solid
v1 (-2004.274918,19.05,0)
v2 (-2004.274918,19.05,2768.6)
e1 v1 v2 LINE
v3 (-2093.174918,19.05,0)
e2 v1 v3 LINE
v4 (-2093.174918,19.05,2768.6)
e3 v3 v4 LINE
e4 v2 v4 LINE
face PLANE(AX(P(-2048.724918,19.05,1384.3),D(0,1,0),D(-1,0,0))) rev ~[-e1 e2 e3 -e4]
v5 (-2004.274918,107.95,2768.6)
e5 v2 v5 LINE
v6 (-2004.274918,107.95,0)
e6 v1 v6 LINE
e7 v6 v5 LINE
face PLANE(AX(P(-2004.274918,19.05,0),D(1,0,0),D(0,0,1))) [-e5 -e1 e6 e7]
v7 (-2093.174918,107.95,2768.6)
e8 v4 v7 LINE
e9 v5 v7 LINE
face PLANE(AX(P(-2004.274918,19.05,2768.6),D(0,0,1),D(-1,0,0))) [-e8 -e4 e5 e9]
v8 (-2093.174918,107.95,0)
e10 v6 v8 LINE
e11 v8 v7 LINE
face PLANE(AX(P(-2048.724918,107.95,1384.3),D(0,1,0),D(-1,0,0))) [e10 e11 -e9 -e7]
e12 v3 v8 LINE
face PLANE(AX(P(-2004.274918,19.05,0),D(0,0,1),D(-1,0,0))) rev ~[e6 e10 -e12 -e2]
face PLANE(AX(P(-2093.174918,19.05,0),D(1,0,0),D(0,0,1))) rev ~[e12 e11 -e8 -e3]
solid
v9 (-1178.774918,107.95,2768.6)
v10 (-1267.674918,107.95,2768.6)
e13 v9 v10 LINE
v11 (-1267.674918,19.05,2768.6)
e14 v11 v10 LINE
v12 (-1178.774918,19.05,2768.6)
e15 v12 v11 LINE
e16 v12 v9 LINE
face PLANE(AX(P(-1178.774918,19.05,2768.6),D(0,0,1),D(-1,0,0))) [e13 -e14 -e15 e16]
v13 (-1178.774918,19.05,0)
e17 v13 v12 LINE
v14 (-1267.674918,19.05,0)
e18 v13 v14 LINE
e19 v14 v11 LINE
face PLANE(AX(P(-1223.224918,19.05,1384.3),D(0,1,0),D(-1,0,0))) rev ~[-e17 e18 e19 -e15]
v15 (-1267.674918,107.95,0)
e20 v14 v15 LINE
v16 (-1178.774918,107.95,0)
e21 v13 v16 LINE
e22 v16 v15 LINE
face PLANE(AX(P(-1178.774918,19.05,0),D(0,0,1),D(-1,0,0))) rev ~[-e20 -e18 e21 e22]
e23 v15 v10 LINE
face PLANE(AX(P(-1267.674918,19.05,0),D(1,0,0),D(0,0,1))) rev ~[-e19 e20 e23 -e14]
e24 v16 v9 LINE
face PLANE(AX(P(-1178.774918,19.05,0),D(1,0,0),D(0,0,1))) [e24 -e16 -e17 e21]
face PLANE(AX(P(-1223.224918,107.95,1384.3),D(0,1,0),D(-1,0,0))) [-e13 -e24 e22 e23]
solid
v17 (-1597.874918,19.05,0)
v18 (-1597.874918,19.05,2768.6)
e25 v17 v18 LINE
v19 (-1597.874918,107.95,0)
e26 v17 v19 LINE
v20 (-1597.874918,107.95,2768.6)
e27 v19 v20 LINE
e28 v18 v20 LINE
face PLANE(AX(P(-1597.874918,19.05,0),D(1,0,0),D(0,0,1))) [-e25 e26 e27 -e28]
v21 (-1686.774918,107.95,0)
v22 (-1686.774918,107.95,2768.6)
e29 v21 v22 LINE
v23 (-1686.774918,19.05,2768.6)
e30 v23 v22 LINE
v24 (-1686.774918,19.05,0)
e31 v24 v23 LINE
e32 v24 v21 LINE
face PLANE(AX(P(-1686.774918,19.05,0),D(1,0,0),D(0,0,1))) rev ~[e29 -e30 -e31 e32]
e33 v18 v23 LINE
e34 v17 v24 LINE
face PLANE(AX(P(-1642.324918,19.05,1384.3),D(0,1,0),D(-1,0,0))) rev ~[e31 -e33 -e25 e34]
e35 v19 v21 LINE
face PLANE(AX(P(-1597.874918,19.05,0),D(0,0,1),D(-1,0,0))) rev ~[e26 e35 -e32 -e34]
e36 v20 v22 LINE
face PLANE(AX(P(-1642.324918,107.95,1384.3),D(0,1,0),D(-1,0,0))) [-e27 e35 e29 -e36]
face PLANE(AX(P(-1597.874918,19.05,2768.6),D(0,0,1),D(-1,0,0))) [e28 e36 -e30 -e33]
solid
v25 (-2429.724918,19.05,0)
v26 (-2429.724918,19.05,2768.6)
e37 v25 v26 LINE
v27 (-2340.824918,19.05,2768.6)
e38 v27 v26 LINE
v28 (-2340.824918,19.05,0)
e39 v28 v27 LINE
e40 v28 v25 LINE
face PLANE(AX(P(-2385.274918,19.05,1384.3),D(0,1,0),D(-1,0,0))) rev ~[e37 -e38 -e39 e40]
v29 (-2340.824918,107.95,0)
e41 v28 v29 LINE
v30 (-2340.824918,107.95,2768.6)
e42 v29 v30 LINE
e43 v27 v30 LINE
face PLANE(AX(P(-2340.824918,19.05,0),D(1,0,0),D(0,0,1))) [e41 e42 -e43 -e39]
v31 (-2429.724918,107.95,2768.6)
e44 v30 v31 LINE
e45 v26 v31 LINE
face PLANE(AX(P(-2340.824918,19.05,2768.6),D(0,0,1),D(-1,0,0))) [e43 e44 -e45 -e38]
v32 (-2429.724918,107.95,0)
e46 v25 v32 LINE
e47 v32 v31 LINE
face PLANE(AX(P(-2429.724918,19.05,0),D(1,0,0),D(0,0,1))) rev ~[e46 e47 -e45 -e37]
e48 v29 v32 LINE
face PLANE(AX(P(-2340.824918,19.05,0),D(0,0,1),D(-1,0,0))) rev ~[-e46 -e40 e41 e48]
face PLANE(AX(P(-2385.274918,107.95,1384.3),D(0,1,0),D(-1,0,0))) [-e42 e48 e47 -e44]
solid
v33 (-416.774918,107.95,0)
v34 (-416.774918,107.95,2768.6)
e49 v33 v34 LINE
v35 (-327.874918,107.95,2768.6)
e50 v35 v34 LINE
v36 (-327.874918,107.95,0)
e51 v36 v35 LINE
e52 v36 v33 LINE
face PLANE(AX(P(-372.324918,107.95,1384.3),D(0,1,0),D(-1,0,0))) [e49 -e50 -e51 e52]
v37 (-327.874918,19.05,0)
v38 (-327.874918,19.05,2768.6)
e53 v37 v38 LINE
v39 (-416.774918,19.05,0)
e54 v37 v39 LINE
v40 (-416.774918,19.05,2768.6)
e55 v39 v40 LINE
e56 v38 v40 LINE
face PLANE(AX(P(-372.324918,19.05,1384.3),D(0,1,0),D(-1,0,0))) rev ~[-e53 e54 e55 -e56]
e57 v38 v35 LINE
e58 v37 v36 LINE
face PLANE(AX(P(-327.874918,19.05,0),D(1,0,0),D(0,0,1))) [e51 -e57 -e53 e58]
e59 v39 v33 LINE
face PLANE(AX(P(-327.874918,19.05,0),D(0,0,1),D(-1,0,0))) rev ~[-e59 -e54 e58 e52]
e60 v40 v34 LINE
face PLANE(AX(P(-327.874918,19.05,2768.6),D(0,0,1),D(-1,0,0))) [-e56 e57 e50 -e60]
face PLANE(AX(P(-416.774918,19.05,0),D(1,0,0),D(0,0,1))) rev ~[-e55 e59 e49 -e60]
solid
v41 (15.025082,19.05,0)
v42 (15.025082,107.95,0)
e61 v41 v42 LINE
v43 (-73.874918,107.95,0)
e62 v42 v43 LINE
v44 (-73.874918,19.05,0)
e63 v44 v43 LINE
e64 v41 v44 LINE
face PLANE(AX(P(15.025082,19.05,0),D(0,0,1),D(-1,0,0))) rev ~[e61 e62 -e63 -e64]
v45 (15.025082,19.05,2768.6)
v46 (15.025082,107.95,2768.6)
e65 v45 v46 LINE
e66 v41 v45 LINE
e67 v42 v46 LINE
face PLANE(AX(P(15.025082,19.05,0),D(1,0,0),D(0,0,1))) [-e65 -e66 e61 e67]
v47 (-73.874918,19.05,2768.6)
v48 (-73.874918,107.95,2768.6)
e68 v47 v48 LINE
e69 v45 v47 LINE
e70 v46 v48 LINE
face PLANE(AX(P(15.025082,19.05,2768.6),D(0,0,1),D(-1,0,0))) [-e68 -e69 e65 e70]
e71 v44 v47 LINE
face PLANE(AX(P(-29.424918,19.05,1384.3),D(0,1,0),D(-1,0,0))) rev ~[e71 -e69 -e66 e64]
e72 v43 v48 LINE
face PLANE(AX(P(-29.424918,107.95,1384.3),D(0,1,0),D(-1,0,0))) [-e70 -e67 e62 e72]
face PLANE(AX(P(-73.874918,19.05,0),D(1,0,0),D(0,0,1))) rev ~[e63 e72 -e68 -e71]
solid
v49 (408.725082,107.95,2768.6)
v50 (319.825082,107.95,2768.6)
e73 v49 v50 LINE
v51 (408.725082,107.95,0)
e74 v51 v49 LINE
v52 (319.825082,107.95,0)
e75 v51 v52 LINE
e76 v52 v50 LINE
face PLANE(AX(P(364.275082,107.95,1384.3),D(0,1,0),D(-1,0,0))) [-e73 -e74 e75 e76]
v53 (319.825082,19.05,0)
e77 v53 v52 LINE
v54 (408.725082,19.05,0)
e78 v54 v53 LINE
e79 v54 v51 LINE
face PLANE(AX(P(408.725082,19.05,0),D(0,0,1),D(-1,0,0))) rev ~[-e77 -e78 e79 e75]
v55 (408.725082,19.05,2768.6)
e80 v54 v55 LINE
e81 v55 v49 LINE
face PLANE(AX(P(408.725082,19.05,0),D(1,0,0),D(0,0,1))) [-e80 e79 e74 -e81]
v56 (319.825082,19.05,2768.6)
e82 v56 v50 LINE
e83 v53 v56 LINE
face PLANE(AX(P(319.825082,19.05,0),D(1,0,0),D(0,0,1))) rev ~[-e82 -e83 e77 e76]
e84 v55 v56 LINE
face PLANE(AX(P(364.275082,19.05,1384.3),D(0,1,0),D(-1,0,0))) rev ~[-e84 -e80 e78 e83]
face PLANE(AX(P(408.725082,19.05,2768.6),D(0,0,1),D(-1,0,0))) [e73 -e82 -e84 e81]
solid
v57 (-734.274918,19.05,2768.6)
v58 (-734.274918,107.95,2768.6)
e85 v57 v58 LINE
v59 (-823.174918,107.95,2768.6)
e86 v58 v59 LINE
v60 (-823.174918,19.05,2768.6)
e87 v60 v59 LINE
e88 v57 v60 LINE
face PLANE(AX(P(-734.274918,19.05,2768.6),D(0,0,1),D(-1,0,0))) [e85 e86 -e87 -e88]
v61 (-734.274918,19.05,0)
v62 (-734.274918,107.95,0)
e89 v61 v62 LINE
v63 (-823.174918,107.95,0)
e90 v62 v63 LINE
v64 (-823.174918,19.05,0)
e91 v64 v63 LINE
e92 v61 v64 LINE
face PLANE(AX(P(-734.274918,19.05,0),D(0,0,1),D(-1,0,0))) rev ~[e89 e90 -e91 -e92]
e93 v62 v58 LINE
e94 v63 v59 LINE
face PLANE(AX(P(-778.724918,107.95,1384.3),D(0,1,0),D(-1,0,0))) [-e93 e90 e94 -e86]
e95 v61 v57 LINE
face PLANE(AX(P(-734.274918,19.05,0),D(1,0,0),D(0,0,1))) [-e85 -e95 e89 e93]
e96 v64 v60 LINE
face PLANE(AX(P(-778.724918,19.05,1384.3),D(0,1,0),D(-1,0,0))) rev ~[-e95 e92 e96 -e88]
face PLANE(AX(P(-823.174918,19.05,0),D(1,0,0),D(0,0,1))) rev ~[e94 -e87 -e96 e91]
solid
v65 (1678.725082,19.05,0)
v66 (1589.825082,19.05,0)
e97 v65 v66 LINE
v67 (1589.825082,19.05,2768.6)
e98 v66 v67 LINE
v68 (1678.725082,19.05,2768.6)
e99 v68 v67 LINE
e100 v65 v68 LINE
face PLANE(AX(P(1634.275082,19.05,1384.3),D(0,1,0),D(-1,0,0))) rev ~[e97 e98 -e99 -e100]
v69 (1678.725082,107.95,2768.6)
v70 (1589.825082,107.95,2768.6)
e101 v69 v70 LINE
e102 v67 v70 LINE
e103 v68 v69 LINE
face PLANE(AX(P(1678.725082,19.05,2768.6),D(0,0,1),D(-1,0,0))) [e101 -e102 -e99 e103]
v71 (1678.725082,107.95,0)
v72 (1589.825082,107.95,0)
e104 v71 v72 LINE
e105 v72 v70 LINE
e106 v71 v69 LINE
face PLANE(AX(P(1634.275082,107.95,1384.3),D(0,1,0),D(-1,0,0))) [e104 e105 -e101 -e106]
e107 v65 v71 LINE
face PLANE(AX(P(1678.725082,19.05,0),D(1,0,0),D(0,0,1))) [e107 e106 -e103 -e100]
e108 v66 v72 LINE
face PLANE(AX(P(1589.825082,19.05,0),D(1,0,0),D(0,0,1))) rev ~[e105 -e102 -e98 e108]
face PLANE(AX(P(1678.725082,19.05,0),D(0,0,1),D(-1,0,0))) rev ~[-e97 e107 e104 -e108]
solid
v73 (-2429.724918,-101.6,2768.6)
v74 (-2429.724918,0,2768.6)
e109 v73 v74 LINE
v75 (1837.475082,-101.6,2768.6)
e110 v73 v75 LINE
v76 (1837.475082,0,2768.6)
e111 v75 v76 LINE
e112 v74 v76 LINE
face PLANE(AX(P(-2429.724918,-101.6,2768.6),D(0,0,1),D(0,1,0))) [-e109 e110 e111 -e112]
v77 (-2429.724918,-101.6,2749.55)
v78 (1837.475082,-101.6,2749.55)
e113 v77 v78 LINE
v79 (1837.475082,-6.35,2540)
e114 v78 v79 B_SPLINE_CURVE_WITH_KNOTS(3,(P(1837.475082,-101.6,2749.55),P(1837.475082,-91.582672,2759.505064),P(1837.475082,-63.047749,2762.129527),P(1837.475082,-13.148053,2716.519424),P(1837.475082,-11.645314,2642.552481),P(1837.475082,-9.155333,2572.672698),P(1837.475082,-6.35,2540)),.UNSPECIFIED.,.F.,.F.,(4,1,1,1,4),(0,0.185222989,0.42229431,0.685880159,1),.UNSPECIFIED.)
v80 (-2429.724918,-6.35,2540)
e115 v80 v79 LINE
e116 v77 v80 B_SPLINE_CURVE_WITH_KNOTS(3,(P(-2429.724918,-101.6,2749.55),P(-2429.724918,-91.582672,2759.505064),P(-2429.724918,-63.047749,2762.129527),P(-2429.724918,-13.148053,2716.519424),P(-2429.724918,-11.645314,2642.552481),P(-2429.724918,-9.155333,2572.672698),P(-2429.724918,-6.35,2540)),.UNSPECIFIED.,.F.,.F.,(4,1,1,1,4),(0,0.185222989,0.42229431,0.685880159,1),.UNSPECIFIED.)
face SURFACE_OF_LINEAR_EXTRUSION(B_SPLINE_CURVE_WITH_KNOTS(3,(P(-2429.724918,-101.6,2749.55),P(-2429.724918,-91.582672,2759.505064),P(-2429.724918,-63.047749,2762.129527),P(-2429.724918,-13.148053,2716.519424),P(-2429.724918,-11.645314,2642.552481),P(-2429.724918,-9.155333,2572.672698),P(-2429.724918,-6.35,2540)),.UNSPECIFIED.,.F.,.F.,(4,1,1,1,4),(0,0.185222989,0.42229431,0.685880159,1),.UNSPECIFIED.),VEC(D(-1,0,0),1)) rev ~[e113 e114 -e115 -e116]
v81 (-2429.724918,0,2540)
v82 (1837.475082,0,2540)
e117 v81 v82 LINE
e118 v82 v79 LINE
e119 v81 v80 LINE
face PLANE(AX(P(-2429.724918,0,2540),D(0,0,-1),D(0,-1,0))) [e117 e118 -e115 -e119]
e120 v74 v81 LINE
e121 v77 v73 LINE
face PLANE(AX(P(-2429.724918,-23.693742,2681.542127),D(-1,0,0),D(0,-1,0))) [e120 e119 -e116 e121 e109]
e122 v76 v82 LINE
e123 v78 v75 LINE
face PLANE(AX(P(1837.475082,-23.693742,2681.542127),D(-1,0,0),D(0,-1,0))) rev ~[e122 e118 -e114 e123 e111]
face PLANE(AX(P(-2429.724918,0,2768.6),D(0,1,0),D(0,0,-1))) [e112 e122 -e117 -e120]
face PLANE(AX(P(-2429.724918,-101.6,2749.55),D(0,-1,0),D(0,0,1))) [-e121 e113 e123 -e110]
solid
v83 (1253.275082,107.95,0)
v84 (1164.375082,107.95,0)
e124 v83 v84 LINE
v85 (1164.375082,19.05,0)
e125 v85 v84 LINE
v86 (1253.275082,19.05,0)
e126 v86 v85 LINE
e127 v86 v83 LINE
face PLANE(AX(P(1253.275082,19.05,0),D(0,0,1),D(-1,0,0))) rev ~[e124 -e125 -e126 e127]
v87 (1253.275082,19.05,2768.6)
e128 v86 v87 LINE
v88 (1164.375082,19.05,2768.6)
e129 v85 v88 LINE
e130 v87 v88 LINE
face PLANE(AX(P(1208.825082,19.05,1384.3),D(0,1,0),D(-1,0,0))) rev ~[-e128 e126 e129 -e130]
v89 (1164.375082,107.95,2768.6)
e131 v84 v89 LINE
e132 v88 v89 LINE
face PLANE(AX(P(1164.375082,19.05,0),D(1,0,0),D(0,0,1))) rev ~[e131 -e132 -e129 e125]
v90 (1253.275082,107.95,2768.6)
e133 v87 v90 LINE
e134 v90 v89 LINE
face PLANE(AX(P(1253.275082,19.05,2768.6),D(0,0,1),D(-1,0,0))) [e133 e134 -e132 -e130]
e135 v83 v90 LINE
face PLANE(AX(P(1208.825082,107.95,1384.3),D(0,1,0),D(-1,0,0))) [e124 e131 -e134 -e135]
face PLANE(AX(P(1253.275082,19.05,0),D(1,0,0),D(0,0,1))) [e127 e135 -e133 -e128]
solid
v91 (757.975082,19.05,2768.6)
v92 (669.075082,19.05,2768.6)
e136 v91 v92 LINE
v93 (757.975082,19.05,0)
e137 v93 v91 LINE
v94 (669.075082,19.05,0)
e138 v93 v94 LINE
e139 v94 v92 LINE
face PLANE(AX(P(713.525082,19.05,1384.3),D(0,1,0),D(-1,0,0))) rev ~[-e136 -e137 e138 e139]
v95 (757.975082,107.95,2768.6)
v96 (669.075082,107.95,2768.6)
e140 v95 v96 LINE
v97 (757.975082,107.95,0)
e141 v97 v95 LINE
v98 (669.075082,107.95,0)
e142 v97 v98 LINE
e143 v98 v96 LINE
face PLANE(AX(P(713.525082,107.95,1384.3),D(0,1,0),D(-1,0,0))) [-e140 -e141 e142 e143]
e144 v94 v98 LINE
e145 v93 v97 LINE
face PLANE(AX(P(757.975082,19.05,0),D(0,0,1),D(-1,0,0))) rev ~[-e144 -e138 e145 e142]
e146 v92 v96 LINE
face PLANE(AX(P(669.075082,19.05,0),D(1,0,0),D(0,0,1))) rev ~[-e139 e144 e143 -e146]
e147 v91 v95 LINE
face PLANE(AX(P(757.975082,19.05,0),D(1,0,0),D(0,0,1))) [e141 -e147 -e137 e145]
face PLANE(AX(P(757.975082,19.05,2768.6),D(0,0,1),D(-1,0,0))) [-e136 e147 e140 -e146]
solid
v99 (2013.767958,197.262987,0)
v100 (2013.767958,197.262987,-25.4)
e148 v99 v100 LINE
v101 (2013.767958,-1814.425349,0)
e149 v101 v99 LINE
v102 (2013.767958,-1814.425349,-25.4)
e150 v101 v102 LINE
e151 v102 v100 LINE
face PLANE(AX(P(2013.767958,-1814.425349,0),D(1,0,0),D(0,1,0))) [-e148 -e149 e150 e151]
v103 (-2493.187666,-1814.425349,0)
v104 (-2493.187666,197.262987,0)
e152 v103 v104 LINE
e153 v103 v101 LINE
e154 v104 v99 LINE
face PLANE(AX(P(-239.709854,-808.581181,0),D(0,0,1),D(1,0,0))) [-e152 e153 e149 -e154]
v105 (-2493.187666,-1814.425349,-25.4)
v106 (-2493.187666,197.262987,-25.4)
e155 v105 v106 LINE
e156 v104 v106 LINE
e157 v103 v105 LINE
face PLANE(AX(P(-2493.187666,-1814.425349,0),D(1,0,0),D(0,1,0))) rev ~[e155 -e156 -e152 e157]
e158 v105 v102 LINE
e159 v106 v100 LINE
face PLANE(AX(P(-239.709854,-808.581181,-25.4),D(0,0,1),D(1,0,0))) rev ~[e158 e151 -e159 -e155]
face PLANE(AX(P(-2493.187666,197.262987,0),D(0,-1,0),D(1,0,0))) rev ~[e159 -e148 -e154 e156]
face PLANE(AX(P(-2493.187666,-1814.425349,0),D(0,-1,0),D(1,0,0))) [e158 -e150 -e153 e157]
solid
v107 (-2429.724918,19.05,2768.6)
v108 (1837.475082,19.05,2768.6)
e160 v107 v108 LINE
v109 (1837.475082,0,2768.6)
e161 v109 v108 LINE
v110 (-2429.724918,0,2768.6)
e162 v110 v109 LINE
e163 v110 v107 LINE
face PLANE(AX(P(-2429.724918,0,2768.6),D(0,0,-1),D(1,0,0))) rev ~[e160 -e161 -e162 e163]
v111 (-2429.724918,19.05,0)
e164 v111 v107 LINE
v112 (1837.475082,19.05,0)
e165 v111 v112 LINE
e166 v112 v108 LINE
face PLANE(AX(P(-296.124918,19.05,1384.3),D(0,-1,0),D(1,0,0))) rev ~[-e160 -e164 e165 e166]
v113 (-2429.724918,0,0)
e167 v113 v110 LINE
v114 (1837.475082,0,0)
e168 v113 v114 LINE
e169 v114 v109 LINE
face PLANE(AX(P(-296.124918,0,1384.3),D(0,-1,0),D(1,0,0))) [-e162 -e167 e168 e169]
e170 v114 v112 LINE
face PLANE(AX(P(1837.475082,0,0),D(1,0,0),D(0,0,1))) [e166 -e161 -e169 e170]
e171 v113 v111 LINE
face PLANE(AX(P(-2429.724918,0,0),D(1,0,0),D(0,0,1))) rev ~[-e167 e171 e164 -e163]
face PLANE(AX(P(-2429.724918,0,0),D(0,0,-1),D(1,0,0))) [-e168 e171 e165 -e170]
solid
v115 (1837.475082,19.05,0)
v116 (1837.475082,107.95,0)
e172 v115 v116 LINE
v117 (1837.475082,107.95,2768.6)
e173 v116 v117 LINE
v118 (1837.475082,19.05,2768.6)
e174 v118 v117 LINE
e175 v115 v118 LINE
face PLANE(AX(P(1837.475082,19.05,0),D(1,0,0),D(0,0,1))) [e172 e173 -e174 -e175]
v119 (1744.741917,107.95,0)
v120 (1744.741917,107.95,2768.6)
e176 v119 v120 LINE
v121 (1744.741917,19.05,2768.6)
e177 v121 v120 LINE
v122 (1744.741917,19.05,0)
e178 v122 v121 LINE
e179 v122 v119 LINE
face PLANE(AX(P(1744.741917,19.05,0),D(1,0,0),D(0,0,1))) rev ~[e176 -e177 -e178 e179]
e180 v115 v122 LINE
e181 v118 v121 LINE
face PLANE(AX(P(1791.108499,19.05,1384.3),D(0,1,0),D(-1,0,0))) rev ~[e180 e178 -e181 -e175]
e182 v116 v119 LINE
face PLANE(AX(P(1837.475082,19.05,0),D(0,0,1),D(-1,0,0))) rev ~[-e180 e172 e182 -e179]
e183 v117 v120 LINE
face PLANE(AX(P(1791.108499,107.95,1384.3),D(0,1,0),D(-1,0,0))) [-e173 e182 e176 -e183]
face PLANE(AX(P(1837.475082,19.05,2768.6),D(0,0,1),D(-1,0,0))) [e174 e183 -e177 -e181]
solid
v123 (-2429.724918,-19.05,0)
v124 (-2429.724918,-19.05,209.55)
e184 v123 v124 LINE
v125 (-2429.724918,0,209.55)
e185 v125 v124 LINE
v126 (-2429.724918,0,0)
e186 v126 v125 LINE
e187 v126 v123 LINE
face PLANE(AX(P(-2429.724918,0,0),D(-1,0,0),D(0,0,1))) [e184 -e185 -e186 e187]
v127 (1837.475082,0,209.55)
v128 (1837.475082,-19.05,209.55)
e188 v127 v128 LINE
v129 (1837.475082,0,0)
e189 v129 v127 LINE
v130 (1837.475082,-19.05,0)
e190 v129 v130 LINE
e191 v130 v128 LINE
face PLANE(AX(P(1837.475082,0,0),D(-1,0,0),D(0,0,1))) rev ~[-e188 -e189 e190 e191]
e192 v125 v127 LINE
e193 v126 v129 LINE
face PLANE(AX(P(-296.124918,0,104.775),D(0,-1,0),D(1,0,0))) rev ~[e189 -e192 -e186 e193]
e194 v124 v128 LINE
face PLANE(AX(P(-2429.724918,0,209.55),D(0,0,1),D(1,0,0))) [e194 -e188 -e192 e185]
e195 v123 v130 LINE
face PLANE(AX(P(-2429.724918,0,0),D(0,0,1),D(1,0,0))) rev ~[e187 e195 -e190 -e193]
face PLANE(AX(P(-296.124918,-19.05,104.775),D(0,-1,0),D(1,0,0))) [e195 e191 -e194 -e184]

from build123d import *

# Parameters (mm, degrees)
F0_W     = 4267.2
F0_H     = 2768.6
F1_DEPTH = 19.05
F2_W     = 88.9
F2_H     = 2768.6
F3_DEPTH = 88.9
F2_W_2   = 92.7331652709
F4_W     = 4267.2
F4_H     = 209.55
F5_DEPTH = 19.05
F7_DEPTH = 4267.2
F8_W     = 4506.9556236267
F8_H     = 2011.68833673
F9_DEPTH = 25.4


with BuildPart() as f1:
    # F0 (on Front) → F1 (new body)
    with BuildSketch(Plane.XZ):
        with Locations((-296.1249180726, 1384.3)):
            Rectangle(F0_W, F0_H)
    extrude(amount=-F1_DEPTH)


with BuildPart() as f3:
    # F2 (on face) → F3 (new body)
    with BuildSketch(Plane(origin=(0, 19.05, 0), x_dir=(-1, 0, 0), z_dir=(0, 1, 0))):
        with Locations((2385.2749180726, 1384.3)):
            Rectangle(F2_W, F2_H)
    extrude(amount=F3_DEPTH)


with BuildPart() as f3b:
    # F2 (on face) → F3, piece 2 (new body)
    with BuildSketch(Plane(origin=(0, 19.05, 0), x_dir=(-1, 0, 0), z_dir=(0, 1, 0))):
        with Locations((-1791.108499292, 1384.3)):
            Rectangle(F2_W_2, F2_H)
    extrude(amount=F3_DEPTH)


with BuildPart() as f3c:
    # F2 (on face) → F3, piece 3 (new body)
    with BuildSketch(Plane(origin=(0, 19.05, 0), x_dir=(-1, 0, 0), z_dir=(0, 1, 0))):
        with Locations((2048.7249180726, 1384.3)):
            Rectangle(F2_W, F2_H)
    extrude(amount=F3_DEPTH)


with BuildPart() as f3d:
    # F2 (on face) → F3, piece 4 (new body)
    with BuildSketch(Plane(origin=(0, 19.05, 0), x_dir=(-1, 0, 0), z_dir=(0, 1, 0))):
        with Locations((1642.3249180726, 1384.3)):
            Rectangle(F2_W, F2_H)
    extrude(amount=F3_DEPTH)


with BuildPart() as f3e:
    # F2 (on face) → F3, piece 5 (new body)
    with BuildSketch(Plane(origin=(0, 19.05, 0), x_dir=(-1, 0, 0), z_dir=(0, 1, 0))):
        with Locations((1223.2249180726, 1384.3)):
            Rectangle(F2_W, F2_H)
    extrude(amount=F3_DEPTH)


with BuildPart() as f3f:
    # F2 (on face) → F3, piece 6 (new body)
    with BuildSketch(Plane(origin=(0, 19.05, 0), x_dir=(-1, 0, 0), z_dir=(0, 1, 0))):
        with Locations((778.7249180726, 1384.3)):
            Rectangle(F2_W, F2_H)
    extrude(amount=F3_DEPTH)


with BuildPart() as f3g:
    # F2 (on face) → F3, piece 7 (new body)
    with BuildSketch(Plane(origin=(0, 19.05, 0), x_dir=(-1, 0, 0), z_dir=(0, 1, 0))):
        with Locations((372.3249180726, 1384.3)):
            Rectangle(F2_W, F2_H)
    extrude(amount=F3_DEPTH)


with BuildPart() as f3h:
    # F2 (on face) → F3, piece 8 (new body)
    with BuildSketch(Plane(origin=(0, 19.05, 0), x_dir=(-1, 0, 0), z_dir=(0, 1, 0))):
        with Locations((29.4249180726, 1384.3)):
            Rectangle(F2_W, F2_H)
    extrude(amount=F3_DEPTH)


with BuildPart() as f3i:
    # F2 (on face) → F3, piece 9 (new body)
    with BuildSketch(Plane(origin=(0, 19.05, 0), x_dir=(-1, 0, 0), z_dir=(0, 1, 0))):
        with Locations((-364.2750819274, 1384.3)):
            Rectangle(F2_W, F2_H)
    extrude(amount=F3_DEPTH)


with BuildPart() as f3j:
    # F2 (on face) → F3, piece 10 (new body)
    with BuildSketch(Plane(origin=(0, 19.05, 0), x_dir=(-1, 0, 0), z_dir=(0, 1, 0))):
        with Locations((-713.5250819274, 1384.3)):
            Rectangle(F2_W, F2_H)
    extrude(amount=F3_DEPTH)


with BuildPart() as f3k:
    # F2 (on face) → F3, piece 11 (new body)
    with BuildSketch(Plane(origin=(0, 19.05, 0), x_dir=(-1, 0, 0), z_dir=(0, 1, 0))):
        with Locations((-1208.8250819274, 1384.3)):
            Rectangle(F2_W, F2_H)
    extrude(amount=F3_DEPTH)


with BuildPart() as f3l:
    # F2 (on face) → F3, piece 12 (new body)
    with BuildSketch(Plane(origin=(0, 19.05, 0), x_dir=(-1, 0, 0), z_dir=(0, 1, 0))):
        with Locations((-1634.2750819274, 1384.3)):
            Rectangle(F2_W, F2_H)
    extrude(amount=F3_DEPTH)


with BuildPart() as f5:
    # F4 (on face) → F5 (new body)
    with BuildSketch(Plane.XZ):
        with Locations((-296.1249180726, 104.775)):
            Rectangle(F4_W, F4_H)
    extrude(amount=F5_DEPTH)


with BuildPart() as f7:
    # F6 (on face) → F7 (new body, through all)
    with BuildSketch(Plane(origin=(-2429.7249180726, 0, 0), x_dir=(0, -1, 0), z_dir=(-1, 0, 0))):
        with BuildLine():
            Line((101.6, 2768.6), (0, 2768.6))
            Line((0, 2768.6), (0, 2540))
            Line((0, 2540), (6.35, 2540))
            add(Edge.make_bspline(
                [(101.6, 2749.55), (91.5826724048, 2759.5050639064), (63.0477493205, 2762.1295266592), (13.1480534698, 2716.5194241679), (11.6453144693, 2642.5524805079), (9.1553326848, 2572.672698402), (6.35, 2540)],
                knots=[0, 0, 0, 0, 0.1852229886, 0.42229431, 0.6858801593, 1, 1, 1, 1], degree=3))
            Line((101.6, 2749.55), (101.6, 2768.6))
        make_face()
    extrude(amount=-F7_DEPTH)


with BuildPart() as f9:
    # F8 (on Top) → F9 (new body)
    with BuildSketch(Plane.XY):
        with Locations((-239.709854126, -808.5811808705)):
            Rectangle(F8_W, F8_H)
    extrude(amount=-F9_DEPTH)


solid = Compound([f1.part, f3.part, f3b.part, f3c.part, f3d.part, f3e.part, f3f.part, f3g.part, f3h.part, f3i.part, f3j.part, f3k.part, f3l.part, f5.part, f7.part, f9.part])
